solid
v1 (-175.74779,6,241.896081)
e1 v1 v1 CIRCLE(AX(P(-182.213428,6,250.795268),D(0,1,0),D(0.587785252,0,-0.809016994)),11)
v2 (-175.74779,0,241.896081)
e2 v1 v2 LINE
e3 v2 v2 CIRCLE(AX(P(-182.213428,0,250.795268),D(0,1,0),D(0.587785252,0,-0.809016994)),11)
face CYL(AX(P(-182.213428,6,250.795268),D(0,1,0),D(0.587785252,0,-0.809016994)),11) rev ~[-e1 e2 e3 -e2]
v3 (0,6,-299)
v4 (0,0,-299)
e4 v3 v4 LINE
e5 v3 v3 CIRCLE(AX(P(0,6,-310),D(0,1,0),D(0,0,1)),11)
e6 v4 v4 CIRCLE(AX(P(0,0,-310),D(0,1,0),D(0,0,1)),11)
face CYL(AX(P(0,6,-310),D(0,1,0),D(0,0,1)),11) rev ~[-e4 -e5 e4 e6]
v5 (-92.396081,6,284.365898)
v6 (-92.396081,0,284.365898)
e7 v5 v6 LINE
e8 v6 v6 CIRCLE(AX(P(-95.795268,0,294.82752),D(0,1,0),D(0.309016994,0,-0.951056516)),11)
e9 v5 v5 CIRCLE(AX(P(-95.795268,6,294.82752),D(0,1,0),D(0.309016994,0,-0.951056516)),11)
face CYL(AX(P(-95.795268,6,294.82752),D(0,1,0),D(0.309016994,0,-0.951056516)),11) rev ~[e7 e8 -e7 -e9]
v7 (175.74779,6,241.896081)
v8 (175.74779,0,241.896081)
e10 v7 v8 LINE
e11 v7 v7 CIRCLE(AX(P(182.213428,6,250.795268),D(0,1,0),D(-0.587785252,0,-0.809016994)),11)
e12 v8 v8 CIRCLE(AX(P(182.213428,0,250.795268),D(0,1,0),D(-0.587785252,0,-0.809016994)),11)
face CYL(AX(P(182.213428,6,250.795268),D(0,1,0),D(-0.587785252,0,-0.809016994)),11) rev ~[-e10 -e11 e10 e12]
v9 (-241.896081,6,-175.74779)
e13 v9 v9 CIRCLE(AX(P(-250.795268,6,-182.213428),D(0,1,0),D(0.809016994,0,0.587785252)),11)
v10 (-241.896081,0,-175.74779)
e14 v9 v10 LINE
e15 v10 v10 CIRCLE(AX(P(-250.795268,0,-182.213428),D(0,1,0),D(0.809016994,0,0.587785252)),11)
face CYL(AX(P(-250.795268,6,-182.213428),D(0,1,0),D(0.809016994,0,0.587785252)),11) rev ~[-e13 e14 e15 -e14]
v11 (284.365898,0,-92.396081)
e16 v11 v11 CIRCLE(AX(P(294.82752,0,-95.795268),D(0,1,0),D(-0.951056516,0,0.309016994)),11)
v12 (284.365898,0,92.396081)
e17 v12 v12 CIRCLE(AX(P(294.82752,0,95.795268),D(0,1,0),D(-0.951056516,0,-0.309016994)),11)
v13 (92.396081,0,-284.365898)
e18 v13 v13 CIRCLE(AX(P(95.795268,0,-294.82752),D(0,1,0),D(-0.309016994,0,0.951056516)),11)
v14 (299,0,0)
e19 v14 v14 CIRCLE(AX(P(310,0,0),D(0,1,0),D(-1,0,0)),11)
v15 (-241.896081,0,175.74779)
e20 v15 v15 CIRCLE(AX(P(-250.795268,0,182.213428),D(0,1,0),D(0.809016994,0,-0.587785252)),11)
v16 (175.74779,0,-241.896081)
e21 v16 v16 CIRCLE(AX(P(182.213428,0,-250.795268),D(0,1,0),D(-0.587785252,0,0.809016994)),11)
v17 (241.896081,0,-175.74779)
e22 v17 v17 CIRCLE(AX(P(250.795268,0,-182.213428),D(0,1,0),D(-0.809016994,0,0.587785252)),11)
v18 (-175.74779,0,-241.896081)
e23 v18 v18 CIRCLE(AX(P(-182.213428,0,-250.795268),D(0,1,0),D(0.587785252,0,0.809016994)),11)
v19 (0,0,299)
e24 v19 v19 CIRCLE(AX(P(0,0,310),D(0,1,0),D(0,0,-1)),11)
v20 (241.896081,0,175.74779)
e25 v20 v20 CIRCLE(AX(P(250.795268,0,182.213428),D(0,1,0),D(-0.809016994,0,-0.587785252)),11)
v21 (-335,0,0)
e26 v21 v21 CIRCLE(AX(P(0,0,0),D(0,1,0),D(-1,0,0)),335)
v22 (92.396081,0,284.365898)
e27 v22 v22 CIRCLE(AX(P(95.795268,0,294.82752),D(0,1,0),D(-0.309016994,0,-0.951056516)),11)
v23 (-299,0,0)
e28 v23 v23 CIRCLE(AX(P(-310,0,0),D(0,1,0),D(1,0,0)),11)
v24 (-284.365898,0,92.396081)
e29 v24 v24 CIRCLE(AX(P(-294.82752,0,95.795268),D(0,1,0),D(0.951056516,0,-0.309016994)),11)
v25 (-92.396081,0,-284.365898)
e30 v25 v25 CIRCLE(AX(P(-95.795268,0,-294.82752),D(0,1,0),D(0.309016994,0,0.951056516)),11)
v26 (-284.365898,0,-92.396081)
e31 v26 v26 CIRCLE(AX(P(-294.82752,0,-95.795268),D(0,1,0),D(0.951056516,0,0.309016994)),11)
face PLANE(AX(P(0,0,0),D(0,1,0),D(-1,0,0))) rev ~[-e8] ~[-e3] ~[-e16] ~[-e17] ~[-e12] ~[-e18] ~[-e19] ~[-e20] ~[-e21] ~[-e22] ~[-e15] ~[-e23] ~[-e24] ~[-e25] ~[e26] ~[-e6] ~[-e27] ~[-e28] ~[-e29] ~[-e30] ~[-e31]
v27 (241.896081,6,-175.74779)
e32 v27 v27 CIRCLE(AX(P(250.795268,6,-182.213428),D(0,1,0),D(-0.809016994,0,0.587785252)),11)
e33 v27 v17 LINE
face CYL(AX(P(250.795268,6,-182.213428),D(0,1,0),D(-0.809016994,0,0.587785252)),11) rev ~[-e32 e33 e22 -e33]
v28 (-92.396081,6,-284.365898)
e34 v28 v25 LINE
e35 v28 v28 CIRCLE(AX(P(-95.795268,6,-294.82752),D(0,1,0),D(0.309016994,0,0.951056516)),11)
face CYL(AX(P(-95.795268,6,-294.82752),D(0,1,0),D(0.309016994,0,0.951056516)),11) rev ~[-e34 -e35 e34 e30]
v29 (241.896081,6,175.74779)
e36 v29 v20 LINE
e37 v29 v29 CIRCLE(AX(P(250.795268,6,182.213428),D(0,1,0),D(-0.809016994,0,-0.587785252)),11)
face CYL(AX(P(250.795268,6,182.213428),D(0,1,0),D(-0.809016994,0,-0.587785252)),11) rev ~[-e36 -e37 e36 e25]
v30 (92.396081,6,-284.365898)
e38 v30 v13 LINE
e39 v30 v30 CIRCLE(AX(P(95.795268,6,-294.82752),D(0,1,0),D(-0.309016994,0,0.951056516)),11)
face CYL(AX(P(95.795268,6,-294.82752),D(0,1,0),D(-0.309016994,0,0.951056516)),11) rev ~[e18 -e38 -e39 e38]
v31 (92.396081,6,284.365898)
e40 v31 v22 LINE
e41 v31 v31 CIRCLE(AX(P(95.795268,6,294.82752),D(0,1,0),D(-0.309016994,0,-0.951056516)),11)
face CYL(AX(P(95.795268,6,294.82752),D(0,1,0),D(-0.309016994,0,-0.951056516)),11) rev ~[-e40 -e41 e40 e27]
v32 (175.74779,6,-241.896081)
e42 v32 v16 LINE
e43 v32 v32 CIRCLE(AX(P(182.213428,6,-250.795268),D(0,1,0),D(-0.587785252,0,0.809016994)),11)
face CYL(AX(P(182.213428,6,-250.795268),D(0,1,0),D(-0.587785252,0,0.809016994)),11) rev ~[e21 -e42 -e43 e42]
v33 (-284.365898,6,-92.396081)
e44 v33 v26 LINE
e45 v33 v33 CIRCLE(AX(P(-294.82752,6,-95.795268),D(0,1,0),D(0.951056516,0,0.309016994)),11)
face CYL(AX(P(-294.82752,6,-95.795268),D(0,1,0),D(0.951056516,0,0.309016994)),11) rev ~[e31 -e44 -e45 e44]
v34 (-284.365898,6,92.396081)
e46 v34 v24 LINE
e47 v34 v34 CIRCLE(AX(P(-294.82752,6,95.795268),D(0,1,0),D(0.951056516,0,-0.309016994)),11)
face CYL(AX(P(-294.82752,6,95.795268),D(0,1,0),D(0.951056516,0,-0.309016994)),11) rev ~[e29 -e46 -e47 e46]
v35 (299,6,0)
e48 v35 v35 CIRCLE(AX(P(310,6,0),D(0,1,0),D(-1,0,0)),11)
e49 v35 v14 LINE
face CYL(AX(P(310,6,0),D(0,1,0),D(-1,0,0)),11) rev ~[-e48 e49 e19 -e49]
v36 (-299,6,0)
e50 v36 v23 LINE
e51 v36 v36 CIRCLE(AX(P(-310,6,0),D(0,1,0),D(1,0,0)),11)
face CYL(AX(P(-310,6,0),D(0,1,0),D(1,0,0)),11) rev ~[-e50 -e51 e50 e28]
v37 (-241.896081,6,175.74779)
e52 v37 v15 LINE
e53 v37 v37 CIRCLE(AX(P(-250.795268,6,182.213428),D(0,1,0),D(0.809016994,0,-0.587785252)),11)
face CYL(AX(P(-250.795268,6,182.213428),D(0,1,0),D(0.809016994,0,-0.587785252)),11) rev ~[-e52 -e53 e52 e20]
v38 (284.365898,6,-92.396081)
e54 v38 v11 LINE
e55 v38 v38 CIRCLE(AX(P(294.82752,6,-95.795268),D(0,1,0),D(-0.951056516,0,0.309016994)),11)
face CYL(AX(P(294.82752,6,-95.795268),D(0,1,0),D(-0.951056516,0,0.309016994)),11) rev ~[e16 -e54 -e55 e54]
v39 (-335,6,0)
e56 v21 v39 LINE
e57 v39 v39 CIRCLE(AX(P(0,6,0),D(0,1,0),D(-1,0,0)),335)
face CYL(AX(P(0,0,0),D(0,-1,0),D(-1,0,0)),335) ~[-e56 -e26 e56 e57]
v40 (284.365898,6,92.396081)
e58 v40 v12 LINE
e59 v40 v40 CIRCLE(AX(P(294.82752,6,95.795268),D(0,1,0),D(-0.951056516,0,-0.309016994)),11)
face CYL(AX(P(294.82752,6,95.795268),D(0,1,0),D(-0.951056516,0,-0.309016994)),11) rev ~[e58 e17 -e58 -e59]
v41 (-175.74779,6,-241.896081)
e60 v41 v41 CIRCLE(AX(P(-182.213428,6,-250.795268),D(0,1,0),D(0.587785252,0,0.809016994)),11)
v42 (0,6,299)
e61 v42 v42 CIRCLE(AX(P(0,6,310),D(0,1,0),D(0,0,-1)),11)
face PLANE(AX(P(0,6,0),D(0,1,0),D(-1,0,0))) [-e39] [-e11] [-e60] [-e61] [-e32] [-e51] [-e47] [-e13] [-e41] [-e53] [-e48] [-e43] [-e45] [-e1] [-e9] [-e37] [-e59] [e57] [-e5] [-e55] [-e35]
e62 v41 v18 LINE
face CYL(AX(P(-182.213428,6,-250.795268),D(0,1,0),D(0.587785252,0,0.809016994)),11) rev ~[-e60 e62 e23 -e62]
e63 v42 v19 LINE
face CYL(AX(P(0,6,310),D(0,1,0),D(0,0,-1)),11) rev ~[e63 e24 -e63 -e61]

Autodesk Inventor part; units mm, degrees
ref_plane "YZ Plane" through (0, 0, 0) normal (1, 0, 0) x (0, 1, 0)
ref_plane "XZ Plane" through (0, 0, 0) normal (0, 1, 0) x (-1, 0, 0)
ref_plane "XY Plane" through (0, 0, 0) normal (0, 0, 1) x (1, 0, 0)
sketch "Sketch1" plane through (0, 0, 0) normal (0, 1, 0) x (-1, 0, 0)
  circle A0 centre (0, 0) radius 335
  dimension "d0" = 670
extrude "Extrusion1" add sketch "Sketch1" along normal blind 6
sketch "Sketch2" plane through (0, 6, 0) normal (0, 1, 0) x (1, 0, 0)
  circle A0 centre (-310, 0) radius 11
  circle A1 centre (0, 0) radius 310 construction
  dimension "d4" = 620
  dimension "d3" = 22
extrude "Cut1" cut sketch "Sketch2" against normal blind 8
pattern_circular "Circular Pattern1" count 20 over 360 about axis through (0, 0, 0) along (0, 1, 0) of "Cut1"
equation "\"d6\" = Thickness"
equation "\"BendRadius\" = Thickness"
equation "\"BendReliefWidth\" = Thickness"
equation "\"BendReliefDepth\" = 0.5 * Thickness"
equation "\"CornerReliefSize\" = 4 * Thickness"
equation "\"MinimumRemnant\" = 2 * Thickness"
equation "\"TransitionRadius\" = BendRadius"
equation "\"JacobiRadiusSize\" = BendRadius"
equation "\"GapSize\" = Thickness"
equation "\"d5\" = Thickness"
equation "\"Thickness\" = 8"
properties part number "PNS-621 charging hatch D1000"
